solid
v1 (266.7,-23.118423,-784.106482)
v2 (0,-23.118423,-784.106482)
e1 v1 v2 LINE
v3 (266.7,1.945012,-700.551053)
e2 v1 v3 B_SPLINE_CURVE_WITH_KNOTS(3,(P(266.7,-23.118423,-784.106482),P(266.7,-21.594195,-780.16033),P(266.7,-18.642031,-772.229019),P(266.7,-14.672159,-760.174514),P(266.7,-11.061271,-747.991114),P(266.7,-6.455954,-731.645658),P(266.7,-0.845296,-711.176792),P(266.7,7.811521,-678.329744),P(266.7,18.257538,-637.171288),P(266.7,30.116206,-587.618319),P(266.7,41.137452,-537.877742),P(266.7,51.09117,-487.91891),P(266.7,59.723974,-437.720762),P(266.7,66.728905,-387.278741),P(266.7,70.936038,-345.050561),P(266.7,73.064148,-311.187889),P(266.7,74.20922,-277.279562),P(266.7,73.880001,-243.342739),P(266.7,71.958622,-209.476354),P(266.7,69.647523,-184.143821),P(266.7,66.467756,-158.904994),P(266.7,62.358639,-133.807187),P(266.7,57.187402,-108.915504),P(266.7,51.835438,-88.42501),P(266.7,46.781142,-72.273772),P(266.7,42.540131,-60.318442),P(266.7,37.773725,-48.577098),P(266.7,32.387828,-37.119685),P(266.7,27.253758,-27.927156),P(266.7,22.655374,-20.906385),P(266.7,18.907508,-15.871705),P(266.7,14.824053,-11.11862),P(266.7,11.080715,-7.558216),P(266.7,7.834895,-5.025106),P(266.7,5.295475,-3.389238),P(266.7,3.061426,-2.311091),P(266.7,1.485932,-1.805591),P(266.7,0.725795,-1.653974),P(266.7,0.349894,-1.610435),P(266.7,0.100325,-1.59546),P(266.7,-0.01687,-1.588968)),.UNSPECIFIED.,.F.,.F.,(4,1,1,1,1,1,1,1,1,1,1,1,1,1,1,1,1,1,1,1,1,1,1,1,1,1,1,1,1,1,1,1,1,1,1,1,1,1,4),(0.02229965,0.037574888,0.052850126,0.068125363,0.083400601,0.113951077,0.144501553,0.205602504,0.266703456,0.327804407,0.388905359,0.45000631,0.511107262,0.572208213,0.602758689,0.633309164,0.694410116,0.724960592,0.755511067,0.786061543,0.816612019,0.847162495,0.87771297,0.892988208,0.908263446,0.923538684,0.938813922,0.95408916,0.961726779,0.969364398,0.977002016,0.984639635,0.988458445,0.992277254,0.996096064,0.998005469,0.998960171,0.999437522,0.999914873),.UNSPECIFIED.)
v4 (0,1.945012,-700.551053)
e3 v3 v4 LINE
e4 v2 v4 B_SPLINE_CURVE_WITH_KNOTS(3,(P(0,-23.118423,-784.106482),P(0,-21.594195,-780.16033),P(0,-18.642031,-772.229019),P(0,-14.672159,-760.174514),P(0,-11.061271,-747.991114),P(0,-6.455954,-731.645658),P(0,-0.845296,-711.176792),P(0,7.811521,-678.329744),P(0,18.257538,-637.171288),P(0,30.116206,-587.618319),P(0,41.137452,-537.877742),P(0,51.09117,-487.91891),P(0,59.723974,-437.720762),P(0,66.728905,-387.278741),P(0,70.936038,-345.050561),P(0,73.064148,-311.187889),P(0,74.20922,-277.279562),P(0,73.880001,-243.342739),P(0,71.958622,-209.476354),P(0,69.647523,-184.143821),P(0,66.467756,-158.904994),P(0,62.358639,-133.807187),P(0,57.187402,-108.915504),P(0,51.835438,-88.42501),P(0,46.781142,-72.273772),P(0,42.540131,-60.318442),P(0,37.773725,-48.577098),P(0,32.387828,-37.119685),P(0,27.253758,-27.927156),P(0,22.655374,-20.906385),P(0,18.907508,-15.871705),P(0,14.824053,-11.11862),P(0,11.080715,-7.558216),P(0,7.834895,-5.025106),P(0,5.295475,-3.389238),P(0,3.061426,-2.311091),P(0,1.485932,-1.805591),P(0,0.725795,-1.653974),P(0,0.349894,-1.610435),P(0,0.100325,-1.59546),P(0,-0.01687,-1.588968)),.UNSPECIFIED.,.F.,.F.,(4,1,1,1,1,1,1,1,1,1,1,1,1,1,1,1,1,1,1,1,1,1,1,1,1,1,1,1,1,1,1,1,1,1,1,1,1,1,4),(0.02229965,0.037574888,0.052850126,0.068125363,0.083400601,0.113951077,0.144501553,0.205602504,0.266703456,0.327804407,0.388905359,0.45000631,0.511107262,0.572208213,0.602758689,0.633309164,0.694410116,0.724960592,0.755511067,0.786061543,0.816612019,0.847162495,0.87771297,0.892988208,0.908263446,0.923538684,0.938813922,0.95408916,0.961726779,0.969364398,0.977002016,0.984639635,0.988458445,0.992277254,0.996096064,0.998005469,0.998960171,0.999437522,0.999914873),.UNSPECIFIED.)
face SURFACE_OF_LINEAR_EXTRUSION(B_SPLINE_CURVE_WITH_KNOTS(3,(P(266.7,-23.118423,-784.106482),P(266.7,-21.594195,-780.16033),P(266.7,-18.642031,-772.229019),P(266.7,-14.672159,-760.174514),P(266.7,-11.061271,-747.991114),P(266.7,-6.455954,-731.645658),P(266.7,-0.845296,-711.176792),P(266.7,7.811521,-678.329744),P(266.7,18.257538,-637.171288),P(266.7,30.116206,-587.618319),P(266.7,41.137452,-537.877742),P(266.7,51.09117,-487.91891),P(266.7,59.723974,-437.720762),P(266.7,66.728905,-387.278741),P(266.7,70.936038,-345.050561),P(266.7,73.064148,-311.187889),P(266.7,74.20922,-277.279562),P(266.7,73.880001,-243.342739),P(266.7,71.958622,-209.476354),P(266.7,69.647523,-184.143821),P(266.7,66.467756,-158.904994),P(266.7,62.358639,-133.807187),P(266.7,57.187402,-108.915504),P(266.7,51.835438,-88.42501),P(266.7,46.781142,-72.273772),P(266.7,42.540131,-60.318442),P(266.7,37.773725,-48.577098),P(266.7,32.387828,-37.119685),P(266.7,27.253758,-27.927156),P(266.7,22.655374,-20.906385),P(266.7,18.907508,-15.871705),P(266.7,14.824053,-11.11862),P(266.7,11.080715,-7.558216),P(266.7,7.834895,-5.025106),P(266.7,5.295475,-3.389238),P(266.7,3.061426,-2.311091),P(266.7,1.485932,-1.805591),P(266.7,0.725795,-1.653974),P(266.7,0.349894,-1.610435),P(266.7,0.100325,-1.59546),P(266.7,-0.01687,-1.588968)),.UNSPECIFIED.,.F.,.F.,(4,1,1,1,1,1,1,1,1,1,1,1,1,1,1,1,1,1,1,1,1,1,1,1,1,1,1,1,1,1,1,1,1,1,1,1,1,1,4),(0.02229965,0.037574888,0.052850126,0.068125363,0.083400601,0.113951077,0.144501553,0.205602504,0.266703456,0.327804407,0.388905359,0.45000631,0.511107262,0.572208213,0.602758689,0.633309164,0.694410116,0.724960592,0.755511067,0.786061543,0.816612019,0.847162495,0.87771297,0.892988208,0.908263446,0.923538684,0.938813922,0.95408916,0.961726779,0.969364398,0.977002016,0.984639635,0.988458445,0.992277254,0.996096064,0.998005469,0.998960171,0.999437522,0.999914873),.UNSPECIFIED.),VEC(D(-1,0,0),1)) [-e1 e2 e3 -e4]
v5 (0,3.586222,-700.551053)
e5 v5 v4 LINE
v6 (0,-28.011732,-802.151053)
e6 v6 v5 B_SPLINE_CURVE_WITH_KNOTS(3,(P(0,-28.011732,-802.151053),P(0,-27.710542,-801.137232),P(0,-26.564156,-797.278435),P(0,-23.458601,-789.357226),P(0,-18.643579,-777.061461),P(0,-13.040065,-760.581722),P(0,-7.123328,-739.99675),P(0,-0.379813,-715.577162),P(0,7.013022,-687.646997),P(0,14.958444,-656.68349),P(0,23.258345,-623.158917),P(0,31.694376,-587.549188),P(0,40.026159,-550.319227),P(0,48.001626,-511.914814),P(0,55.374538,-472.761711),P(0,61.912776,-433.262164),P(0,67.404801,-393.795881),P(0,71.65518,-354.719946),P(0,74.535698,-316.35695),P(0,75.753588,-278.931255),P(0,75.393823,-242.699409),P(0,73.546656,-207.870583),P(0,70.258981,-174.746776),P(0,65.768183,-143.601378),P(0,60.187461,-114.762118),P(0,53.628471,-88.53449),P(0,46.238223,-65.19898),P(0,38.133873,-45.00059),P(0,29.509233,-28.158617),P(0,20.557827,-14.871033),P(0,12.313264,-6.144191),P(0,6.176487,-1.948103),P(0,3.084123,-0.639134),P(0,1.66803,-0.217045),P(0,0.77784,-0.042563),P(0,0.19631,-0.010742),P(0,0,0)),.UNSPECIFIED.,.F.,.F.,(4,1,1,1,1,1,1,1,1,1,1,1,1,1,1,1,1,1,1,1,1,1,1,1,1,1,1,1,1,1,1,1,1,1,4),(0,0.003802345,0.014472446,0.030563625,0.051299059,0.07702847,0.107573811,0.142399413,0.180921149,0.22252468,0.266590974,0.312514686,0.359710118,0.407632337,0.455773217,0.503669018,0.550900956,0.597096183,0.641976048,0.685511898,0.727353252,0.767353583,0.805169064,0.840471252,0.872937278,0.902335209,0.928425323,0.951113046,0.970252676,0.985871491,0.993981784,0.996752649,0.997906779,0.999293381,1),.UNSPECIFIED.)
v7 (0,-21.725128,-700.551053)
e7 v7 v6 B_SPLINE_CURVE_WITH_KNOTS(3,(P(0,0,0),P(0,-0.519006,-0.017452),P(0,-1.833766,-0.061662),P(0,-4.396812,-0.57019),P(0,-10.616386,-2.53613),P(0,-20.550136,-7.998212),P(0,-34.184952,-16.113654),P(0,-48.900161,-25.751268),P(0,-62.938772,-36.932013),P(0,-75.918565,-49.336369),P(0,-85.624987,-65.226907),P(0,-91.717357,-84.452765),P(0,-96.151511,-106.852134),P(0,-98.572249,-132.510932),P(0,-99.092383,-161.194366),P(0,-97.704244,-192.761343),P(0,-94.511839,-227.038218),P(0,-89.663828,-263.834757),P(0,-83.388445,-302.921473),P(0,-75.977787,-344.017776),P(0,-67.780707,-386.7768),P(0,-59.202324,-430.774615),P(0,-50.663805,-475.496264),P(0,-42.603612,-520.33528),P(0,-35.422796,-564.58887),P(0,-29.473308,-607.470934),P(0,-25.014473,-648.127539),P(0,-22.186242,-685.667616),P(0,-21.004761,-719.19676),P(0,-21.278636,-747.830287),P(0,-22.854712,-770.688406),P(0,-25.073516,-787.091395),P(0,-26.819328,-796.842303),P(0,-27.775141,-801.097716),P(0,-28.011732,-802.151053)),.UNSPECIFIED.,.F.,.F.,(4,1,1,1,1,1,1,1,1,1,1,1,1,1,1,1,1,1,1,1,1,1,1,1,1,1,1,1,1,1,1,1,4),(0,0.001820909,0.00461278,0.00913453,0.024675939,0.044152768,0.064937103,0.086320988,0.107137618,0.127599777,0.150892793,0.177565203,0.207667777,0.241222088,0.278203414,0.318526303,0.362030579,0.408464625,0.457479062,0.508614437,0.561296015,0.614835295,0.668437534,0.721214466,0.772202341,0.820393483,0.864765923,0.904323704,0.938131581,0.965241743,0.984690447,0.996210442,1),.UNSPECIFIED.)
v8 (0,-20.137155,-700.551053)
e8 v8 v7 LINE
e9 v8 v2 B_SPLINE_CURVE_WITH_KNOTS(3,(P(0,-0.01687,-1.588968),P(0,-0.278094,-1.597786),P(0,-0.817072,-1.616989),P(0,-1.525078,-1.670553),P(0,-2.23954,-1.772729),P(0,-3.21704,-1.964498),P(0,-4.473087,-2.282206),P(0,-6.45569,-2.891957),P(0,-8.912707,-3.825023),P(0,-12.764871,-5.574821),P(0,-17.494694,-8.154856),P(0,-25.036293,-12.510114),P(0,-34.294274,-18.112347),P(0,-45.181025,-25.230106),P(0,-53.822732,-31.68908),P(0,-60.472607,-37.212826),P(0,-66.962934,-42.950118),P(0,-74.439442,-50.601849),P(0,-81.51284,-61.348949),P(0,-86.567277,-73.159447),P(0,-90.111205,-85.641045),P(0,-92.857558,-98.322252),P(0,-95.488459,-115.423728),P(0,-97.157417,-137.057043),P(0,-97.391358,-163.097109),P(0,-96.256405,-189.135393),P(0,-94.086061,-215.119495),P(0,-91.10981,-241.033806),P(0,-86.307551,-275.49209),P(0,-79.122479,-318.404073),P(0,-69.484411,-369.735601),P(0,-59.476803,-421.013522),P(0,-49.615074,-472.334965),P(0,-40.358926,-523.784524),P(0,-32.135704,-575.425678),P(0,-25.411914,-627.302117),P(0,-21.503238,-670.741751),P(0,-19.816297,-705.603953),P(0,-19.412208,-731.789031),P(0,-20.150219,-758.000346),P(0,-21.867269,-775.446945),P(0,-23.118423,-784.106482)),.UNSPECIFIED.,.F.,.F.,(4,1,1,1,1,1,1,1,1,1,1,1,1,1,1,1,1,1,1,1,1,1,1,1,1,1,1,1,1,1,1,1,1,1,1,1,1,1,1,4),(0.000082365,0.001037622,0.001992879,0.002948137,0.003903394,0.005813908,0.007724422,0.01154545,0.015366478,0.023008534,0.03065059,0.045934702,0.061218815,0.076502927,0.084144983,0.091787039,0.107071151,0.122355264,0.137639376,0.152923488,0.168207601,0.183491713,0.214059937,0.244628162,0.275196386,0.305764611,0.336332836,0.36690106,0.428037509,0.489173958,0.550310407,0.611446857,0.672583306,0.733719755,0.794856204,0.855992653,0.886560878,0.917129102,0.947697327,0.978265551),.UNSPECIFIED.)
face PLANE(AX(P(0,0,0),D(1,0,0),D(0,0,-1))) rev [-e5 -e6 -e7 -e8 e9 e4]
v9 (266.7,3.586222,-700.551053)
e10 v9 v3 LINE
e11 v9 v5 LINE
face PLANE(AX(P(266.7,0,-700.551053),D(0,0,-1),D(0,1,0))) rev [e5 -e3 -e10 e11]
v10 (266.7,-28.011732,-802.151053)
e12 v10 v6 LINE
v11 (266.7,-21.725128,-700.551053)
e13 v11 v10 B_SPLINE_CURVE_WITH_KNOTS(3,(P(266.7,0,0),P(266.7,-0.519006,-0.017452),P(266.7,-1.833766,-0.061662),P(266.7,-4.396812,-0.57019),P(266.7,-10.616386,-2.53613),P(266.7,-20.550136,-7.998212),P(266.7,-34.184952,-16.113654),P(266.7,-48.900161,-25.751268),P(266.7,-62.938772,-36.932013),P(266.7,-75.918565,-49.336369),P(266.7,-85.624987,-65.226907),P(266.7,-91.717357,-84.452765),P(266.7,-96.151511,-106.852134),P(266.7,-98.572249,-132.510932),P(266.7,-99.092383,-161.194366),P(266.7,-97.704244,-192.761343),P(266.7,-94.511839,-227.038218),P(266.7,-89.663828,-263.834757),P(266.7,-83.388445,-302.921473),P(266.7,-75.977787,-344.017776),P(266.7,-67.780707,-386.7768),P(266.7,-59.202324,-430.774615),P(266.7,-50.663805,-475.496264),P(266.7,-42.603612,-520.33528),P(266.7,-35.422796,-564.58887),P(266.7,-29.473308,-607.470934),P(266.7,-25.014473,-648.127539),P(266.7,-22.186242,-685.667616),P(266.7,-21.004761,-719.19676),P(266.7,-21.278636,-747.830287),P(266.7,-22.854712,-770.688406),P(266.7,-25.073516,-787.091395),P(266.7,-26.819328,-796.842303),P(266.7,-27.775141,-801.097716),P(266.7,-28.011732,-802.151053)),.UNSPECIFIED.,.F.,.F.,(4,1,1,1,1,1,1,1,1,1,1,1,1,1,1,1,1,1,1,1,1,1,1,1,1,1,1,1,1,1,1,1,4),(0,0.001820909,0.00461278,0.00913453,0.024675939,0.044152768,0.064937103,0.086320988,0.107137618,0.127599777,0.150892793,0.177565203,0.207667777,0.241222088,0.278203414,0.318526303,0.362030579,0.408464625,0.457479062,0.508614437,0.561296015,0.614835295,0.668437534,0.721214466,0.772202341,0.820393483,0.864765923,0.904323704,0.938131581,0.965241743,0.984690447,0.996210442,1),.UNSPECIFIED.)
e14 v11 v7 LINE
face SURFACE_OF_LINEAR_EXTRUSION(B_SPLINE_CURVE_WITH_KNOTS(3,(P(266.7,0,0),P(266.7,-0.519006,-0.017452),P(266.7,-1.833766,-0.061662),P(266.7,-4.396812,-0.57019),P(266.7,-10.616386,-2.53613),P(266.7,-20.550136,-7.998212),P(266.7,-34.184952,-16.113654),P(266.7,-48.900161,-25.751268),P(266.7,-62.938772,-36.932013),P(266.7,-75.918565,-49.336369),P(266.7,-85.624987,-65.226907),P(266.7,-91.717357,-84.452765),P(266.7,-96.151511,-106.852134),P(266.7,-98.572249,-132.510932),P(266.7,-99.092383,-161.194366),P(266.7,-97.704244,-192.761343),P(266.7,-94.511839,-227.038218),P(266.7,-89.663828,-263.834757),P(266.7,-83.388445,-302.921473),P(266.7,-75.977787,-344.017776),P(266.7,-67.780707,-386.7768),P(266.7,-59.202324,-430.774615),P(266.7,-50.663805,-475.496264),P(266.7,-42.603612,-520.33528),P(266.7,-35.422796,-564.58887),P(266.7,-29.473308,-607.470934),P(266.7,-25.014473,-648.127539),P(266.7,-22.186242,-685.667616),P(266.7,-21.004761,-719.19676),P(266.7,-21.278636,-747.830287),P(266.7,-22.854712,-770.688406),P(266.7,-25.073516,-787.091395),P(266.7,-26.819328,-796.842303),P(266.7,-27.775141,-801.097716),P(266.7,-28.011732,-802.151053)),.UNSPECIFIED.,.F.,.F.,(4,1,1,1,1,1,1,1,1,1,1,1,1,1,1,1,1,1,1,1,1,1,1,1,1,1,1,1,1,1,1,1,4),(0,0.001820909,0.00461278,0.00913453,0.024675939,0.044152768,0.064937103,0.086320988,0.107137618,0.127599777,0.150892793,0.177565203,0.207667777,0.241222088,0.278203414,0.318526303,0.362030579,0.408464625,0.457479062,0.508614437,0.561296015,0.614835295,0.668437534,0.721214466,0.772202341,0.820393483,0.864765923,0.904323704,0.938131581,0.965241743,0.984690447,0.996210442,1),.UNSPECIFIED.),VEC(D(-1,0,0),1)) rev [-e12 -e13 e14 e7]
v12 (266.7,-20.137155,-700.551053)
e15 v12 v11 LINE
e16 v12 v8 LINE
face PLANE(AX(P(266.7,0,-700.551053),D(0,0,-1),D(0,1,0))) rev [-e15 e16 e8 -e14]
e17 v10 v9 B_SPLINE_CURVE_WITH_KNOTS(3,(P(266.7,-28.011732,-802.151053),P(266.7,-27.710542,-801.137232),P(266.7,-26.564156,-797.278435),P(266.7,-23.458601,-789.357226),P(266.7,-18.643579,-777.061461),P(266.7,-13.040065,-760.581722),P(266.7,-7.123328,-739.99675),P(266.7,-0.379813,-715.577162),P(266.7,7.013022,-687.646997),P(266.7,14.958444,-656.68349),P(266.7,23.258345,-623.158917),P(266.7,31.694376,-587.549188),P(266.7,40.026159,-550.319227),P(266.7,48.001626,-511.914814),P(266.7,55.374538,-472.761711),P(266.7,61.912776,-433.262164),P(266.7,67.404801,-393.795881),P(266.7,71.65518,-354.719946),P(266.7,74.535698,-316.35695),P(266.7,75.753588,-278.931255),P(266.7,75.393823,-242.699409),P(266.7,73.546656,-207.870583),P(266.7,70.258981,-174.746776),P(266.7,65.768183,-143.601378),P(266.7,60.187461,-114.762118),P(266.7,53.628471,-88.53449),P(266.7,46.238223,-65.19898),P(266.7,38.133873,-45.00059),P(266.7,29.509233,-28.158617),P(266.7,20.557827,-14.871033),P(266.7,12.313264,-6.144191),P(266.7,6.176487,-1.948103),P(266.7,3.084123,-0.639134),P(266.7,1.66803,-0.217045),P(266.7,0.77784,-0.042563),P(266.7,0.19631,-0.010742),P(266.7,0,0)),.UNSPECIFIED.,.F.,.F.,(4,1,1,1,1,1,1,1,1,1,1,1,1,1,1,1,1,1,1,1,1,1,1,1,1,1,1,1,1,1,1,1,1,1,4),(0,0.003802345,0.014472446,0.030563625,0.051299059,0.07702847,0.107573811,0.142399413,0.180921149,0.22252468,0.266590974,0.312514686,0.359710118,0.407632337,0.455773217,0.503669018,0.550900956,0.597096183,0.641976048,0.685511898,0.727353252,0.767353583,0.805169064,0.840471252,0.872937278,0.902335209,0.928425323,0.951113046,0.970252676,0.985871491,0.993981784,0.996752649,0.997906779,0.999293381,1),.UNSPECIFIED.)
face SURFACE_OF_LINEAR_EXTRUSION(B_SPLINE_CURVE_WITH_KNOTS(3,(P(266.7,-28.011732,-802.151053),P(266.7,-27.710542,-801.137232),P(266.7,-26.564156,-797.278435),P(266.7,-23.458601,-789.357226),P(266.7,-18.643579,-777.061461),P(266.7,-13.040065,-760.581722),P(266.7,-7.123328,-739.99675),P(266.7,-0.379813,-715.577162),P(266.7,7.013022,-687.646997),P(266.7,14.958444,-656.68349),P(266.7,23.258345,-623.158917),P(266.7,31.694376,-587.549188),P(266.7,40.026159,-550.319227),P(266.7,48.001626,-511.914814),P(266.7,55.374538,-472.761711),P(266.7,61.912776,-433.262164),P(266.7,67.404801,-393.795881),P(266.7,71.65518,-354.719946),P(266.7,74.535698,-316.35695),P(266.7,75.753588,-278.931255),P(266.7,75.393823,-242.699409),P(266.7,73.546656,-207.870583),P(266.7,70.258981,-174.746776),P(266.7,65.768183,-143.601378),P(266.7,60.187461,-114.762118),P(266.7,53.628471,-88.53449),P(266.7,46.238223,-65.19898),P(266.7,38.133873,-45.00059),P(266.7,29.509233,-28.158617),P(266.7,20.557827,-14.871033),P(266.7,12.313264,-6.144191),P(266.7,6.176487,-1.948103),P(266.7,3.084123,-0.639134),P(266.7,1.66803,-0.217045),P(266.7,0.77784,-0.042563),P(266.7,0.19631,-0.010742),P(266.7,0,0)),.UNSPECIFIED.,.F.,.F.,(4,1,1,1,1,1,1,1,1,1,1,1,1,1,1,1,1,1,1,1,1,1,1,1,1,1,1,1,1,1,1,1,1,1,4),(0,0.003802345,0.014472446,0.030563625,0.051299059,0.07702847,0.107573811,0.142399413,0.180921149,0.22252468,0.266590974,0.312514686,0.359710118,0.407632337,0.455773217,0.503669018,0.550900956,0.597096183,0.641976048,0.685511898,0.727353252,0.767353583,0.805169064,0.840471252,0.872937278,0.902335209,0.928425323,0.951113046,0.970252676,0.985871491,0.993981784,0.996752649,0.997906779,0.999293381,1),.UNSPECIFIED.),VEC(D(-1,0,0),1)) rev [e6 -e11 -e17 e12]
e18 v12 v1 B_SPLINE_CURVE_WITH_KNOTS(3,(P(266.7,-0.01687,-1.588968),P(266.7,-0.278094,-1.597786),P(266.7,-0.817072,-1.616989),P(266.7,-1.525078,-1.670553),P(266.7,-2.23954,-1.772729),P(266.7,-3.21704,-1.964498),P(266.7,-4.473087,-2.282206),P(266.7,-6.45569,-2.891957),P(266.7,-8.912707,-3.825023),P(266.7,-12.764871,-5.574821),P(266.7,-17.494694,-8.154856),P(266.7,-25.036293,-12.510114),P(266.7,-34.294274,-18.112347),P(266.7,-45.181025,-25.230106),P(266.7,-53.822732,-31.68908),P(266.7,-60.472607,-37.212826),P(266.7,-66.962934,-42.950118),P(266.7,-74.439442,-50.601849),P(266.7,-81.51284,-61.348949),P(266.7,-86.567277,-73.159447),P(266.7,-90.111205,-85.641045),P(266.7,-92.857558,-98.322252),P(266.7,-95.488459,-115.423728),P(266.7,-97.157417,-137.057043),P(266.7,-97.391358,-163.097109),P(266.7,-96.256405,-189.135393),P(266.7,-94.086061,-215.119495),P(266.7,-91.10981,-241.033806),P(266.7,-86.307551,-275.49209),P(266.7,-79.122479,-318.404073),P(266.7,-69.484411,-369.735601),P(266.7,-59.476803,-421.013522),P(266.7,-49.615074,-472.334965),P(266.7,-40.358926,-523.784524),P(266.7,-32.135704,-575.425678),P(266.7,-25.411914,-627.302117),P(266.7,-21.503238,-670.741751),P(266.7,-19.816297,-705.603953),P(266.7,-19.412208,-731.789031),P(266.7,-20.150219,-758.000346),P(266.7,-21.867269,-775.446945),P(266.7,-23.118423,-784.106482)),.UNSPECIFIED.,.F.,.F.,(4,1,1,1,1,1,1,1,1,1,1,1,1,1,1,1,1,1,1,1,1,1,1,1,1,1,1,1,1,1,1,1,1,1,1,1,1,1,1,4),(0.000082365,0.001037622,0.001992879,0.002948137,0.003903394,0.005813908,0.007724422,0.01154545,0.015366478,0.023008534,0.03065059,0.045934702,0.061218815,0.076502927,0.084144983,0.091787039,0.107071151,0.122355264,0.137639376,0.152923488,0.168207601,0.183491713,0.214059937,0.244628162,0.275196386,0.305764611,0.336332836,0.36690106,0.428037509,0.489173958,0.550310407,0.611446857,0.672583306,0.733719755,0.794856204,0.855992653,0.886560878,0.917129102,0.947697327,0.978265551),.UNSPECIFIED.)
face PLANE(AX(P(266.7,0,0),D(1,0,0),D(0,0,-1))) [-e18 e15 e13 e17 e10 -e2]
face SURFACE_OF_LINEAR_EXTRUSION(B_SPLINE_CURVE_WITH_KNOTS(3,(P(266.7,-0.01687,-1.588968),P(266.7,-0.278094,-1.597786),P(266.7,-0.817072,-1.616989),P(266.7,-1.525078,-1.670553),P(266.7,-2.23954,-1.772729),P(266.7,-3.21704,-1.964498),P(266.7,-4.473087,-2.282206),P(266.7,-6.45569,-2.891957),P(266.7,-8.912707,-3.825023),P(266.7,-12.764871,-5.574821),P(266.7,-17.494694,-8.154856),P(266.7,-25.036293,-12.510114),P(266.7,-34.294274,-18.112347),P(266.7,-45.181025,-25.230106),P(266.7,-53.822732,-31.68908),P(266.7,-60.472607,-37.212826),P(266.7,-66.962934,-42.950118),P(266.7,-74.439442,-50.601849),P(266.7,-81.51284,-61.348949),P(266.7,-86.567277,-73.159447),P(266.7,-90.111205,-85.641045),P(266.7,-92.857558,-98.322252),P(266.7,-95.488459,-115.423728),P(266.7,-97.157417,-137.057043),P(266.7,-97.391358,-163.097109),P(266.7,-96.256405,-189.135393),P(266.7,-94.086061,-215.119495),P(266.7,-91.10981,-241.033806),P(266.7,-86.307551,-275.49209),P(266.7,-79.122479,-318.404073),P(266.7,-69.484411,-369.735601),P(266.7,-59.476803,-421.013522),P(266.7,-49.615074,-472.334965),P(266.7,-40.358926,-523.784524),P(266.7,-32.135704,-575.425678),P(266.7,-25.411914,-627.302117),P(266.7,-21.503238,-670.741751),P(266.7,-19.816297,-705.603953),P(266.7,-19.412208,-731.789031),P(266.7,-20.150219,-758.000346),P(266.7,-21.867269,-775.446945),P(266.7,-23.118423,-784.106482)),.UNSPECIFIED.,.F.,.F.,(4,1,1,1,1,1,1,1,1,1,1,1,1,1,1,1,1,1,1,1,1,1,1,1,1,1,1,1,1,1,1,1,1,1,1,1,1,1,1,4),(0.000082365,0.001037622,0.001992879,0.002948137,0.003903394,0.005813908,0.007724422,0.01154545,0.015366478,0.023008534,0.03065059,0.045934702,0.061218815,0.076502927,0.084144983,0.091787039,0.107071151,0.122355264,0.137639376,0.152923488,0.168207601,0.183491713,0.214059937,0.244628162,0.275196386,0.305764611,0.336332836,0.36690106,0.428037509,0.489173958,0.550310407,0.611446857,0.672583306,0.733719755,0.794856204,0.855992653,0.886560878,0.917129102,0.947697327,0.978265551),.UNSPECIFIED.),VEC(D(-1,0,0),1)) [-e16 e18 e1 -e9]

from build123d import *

# Parameters (mm, degrees)
BOSS_EXTRUDE1_DEPTH = 266.7


with BuildPart() as part:
    # Sketch1 → Boss-Extrude1 (new body)
    with BuildSketch(Plane(origin=(0, 0, 0), x_dir=(0, 0, -1), z_dir=(1, 0, 0))):
        with BuildLine():
            add(Edge.make_bspline(
                [(802.151053399, -28.011732033), (801.137231832, -27.710542124), (797.278434829, -26.564156251), (789.357225956, -23.458600593), (777.06146068, -18.643579076), (760.581722214, -13.040064966), (739.99675031, -7.1233282), (719.536621399, -1.473225419), (705.942548139, 2.160117841), (700.551053399, 3.586222224)],
                knots=[0, 0, 0, 0, 0.003802345, 0.014472446, 0.030563625, 0.051299059, 0.07702847, 0.107573811, 0.12762815, 0.12762815, 0.12762815, 0.12762815], degree=3))
            Line((700.551053399, 3.586222224), (700.551053399, 1.94501203))
            add(Edge.make_bspline(
                [(784.106482277, -23.118423177), (780.160330067, -21.594194865), (772.229019431, -18.642031364), (760.174514143, -14.672159257), (747.991113763, -11.061270892), (731.645658465, -6.455954447), (715.833787739, -2.121810728), (704.090889496, 1.008206045), (700.551053399, 1.94501203)],
                knots=[0.02229965, 0.02229965, 0.02229965, 0.02229965, 0.037574888, 0.052850126, 0.068125363, 0.083400601, 0.113951077, 0.127124743, 0.127124743, 0.127124743, 0.127124743], degree=3))
            add(Edge.make_bspline(
                [(700.551053399, -20.137154854), (702.237235016, -20.07278821), (712.644392858, -19.707648591), (731.789031329, -19.412207677), (758.000345874, -20.150218902), (775.446944988, -21.867269156), (784.106482277, -23.118423177)],
                knots=[0.880649492, 0.880649492, 0.880649492, 0.880649492, 0.886560878, 0.917129102, 0.947697327, 0.978265551, 0.978265551, 0.978265551, 0.978265551], degree=3))
            Line((700.551053399, -20.137154854), (700.551053399, -21.725128402))
            add(Edge.make_bspline(
                [(700.551053399, -21.725128402), (707.310876378, -21.467104601), (723.70310591, -21.047863858), (747.830287498, -21.278636312), (770.688405743, -22.854711922), (787.091395164, -25.07351564), (796.842303095, -26.819328187), (801.097715575, -27.775140745), (802.151053399, -28.011732033)],
                knots=[0.880578814, 0.880578814, 0.880578814, 0.880578814, 0.904323704, 0.938131581, 0.965241743, 0.984690447, 0.996210442, 1, 1, 1, 1], degree=3))
        make_face()
    extrude(amount=BOSS_EXTRUDE1_DEPTH)


solid = part.part
